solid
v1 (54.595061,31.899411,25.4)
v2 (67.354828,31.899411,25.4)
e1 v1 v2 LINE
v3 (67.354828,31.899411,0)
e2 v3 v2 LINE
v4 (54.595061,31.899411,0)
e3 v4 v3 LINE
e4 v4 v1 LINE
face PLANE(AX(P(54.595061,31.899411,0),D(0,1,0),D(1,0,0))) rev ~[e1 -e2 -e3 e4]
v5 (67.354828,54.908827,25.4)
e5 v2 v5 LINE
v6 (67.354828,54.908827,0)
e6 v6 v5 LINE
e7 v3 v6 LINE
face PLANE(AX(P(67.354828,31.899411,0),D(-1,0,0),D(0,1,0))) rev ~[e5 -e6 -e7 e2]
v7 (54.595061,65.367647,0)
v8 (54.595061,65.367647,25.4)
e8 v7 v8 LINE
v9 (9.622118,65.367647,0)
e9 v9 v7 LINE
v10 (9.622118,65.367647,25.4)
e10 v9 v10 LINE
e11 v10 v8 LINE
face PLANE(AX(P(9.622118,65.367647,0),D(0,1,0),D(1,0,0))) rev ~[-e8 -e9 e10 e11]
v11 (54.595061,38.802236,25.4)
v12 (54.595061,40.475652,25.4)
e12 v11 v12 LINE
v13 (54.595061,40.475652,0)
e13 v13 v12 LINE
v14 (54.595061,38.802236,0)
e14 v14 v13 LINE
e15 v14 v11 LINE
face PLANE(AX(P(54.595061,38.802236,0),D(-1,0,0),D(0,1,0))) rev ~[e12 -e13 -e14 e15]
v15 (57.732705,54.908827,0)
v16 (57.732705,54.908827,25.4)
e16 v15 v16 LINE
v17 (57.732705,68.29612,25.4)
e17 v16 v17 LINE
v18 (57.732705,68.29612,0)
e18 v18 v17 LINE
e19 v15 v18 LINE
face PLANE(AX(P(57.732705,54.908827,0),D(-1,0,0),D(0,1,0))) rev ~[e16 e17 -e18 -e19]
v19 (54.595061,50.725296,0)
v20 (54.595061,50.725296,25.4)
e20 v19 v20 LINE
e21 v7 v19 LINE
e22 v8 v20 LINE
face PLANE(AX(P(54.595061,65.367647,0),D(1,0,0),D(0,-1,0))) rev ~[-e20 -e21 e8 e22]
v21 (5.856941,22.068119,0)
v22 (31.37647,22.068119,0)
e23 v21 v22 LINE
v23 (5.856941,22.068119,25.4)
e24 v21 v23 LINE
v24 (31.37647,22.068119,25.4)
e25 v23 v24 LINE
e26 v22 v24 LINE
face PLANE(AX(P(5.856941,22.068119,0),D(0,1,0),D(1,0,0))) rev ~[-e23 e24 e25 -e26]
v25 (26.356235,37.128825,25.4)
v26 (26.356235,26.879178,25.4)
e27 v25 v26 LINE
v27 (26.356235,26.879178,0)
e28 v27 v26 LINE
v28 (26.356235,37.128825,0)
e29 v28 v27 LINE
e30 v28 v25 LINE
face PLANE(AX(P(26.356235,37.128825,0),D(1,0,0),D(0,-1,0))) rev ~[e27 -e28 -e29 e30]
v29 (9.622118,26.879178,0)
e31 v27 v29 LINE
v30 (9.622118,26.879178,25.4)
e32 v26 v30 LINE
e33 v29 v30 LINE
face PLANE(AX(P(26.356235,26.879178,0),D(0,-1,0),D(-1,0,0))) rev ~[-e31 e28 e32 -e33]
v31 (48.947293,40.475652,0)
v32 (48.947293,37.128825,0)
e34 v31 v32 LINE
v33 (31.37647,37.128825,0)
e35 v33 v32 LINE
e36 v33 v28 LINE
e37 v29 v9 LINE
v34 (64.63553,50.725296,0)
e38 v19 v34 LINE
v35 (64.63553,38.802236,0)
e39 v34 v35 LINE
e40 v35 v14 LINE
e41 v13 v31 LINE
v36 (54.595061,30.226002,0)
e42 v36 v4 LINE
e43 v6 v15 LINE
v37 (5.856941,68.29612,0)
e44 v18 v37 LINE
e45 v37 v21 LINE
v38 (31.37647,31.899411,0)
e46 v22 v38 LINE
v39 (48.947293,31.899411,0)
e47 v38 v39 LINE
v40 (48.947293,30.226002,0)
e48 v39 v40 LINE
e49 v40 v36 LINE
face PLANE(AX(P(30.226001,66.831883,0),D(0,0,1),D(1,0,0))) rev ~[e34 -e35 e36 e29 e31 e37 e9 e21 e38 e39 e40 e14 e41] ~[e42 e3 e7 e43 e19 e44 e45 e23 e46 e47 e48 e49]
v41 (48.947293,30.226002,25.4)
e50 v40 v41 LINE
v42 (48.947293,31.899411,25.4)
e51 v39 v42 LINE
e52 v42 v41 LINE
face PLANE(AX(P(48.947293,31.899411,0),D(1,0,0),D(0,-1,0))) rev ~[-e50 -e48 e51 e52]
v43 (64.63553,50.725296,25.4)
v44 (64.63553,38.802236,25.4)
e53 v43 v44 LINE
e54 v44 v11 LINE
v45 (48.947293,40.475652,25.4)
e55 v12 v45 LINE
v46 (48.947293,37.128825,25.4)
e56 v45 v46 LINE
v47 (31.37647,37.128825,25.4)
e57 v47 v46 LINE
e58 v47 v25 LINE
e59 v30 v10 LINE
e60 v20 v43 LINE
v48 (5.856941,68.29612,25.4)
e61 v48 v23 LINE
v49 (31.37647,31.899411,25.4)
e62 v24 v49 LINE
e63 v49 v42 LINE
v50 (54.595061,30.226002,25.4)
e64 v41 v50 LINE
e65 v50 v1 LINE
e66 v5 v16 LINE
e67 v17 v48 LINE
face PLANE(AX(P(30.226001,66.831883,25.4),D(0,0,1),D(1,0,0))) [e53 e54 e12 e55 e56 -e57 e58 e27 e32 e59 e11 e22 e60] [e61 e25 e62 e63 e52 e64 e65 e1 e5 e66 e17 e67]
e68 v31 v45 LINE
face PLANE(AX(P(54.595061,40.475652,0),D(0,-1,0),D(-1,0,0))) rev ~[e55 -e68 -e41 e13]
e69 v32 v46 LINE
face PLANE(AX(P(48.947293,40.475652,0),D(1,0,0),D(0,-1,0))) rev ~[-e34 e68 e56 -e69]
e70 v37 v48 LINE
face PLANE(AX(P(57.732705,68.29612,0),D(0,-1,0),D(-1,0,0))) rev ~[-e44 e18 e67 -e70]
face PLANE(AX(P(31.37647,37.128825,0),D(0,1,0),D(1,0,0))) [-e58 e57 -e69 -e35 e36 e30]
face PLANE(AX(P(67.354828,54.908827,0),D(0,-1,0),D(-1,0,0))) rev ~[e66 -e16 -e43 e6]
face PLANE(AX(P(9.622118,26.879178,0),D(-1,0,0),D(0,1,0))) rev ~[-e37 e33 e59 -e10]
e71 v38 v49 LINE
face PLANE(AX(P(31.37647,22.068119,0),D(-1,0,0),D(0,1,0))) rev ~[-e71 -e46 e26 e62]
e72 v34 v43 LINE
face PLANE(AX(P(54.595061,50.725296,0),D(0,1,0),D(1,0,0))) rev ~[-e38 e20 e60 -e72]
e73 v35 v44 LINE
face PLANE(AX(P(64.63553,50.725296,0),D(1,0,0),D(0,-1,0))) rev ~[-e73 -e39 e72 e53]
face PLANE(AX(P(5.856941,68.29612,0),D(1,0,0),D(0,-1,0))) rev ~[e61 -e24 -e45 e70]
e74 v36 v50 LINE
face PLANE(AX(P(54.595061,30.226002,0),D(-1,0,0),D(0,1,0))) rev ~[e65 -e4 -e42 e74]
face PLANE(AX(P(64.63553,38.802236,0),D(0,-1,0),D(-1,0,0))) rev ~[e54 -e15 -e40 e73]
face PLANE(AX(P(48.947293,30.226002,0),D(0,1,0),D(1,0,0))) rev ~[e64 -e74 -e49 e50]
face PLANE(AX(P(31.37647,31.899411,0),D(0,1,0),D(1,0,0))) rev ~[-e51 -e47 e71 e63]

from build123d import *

# Parameters (mm, degrees)
F0_W     = 3.7651760504
F0_H     = 21.3359966874
F0_W_2   = 1.8825894222
F0_H_2   = 4.8110596836
F0_W_3   = 17.570823431
F0_H_3   = 5.2294135094
F0_W_4   = 2.5101192296
F1_DEPTH = 25.4


with BuildPart() as f1:
    # F0 (on Top) → F1 (new body)
    with BuildSketch(Plane.XY):
        Polygon((5.8569414541, 68.2961195707), (5.8569414541, 65.3676465154), (9.6221175045, 65.3676465154), (54.5950606465, 65.3676465154), (54.5950606465, 68.2961195707), align=None)
        with Locations((7.7395294793, 54.6996481717)):
            Rectangle(F0_W, F0_H)
        Polygon((9.6221175045, 44.031649828), (5.8569414541, 44.031649828), (5.8569414541, 22.0681186765), (9.6221175045, 22.0681186765), (9.6221175045, 26.8791783601), align=None)
        Polygon((54.5950606465, 68.2961195707), (54.5950606465, 65.3676465154), (54.5950606465, 54.9088269472), (57.7327050269, 54.9088269472), (57.7327050269, 68.2961195707), align=None)
        with Locations((10.5634122156, 24.4736485183)):
            Rectangle(F0_W_2, F0_H_2)
        Polygon((57.7327050269, 54.9088269472), (54.5950606465, 54.9088269472), (54.5950606465, 50.7252961397), (64.6355301142, 50.7252961397), (64.6355301142, 54.9088269472), align=None)
        Polygon((26.3562351465, 26.8791783601), (11.5047069266, 26.8791783601), (11.5047069266, 22.0681186765), (31.3764698803, 22.0681186765), (31.3764698803, 26.8791783601), align=None)
        Polygon((26.3562351465, 37.1288247406), (26.3562351465, 26.8791783601), (31.3764698803, 26.8791783601), (31.3764698803, 31.8994112313), (31.3764698803, 37.1288247406), align=None)
        Polygon((67.3548281193, 54.9088269472), (64.6355301142, 54.9088269472), (64.6355301142, 50.7252961397), (64.6355301142, 38.8022363186), (67.3548281193, 38.8022363186), align=None)
        Polygon((67.3548281193, 38.8022363186), (64.6355301142, 38.8022363186), (54.5950606465, 38.8022363186), (54.5950606465, 31.8994112313), (67.3548281193, 31.8994112313), align=None)
        with Locations((40.1618815958, 34.514117986)):
            Rectangle(F0_W_3, F0_H_3)
        Polygon((54.5950606465, 31.8994112313), (54.5950606465, 38.8022363186), (54.5950606465, 40.4756516218), (48.9472933114, 40.4756516218), (48.9472933114, 37.1288247406), (51.4574125409, 37.1288247406), (51.4574125409, 31.8994112313), (48.9472933114, 31.8994112313), (48.9472933114, 30.226001516), (54.5950606465, 30.226001516), align=None)
        with Locations((50.2023529261, 34.514117986)):
            Rectangle(F0_W_4, F0_H_3)
    extrude(amount=F1_DEPTH)


solid = f1.part
